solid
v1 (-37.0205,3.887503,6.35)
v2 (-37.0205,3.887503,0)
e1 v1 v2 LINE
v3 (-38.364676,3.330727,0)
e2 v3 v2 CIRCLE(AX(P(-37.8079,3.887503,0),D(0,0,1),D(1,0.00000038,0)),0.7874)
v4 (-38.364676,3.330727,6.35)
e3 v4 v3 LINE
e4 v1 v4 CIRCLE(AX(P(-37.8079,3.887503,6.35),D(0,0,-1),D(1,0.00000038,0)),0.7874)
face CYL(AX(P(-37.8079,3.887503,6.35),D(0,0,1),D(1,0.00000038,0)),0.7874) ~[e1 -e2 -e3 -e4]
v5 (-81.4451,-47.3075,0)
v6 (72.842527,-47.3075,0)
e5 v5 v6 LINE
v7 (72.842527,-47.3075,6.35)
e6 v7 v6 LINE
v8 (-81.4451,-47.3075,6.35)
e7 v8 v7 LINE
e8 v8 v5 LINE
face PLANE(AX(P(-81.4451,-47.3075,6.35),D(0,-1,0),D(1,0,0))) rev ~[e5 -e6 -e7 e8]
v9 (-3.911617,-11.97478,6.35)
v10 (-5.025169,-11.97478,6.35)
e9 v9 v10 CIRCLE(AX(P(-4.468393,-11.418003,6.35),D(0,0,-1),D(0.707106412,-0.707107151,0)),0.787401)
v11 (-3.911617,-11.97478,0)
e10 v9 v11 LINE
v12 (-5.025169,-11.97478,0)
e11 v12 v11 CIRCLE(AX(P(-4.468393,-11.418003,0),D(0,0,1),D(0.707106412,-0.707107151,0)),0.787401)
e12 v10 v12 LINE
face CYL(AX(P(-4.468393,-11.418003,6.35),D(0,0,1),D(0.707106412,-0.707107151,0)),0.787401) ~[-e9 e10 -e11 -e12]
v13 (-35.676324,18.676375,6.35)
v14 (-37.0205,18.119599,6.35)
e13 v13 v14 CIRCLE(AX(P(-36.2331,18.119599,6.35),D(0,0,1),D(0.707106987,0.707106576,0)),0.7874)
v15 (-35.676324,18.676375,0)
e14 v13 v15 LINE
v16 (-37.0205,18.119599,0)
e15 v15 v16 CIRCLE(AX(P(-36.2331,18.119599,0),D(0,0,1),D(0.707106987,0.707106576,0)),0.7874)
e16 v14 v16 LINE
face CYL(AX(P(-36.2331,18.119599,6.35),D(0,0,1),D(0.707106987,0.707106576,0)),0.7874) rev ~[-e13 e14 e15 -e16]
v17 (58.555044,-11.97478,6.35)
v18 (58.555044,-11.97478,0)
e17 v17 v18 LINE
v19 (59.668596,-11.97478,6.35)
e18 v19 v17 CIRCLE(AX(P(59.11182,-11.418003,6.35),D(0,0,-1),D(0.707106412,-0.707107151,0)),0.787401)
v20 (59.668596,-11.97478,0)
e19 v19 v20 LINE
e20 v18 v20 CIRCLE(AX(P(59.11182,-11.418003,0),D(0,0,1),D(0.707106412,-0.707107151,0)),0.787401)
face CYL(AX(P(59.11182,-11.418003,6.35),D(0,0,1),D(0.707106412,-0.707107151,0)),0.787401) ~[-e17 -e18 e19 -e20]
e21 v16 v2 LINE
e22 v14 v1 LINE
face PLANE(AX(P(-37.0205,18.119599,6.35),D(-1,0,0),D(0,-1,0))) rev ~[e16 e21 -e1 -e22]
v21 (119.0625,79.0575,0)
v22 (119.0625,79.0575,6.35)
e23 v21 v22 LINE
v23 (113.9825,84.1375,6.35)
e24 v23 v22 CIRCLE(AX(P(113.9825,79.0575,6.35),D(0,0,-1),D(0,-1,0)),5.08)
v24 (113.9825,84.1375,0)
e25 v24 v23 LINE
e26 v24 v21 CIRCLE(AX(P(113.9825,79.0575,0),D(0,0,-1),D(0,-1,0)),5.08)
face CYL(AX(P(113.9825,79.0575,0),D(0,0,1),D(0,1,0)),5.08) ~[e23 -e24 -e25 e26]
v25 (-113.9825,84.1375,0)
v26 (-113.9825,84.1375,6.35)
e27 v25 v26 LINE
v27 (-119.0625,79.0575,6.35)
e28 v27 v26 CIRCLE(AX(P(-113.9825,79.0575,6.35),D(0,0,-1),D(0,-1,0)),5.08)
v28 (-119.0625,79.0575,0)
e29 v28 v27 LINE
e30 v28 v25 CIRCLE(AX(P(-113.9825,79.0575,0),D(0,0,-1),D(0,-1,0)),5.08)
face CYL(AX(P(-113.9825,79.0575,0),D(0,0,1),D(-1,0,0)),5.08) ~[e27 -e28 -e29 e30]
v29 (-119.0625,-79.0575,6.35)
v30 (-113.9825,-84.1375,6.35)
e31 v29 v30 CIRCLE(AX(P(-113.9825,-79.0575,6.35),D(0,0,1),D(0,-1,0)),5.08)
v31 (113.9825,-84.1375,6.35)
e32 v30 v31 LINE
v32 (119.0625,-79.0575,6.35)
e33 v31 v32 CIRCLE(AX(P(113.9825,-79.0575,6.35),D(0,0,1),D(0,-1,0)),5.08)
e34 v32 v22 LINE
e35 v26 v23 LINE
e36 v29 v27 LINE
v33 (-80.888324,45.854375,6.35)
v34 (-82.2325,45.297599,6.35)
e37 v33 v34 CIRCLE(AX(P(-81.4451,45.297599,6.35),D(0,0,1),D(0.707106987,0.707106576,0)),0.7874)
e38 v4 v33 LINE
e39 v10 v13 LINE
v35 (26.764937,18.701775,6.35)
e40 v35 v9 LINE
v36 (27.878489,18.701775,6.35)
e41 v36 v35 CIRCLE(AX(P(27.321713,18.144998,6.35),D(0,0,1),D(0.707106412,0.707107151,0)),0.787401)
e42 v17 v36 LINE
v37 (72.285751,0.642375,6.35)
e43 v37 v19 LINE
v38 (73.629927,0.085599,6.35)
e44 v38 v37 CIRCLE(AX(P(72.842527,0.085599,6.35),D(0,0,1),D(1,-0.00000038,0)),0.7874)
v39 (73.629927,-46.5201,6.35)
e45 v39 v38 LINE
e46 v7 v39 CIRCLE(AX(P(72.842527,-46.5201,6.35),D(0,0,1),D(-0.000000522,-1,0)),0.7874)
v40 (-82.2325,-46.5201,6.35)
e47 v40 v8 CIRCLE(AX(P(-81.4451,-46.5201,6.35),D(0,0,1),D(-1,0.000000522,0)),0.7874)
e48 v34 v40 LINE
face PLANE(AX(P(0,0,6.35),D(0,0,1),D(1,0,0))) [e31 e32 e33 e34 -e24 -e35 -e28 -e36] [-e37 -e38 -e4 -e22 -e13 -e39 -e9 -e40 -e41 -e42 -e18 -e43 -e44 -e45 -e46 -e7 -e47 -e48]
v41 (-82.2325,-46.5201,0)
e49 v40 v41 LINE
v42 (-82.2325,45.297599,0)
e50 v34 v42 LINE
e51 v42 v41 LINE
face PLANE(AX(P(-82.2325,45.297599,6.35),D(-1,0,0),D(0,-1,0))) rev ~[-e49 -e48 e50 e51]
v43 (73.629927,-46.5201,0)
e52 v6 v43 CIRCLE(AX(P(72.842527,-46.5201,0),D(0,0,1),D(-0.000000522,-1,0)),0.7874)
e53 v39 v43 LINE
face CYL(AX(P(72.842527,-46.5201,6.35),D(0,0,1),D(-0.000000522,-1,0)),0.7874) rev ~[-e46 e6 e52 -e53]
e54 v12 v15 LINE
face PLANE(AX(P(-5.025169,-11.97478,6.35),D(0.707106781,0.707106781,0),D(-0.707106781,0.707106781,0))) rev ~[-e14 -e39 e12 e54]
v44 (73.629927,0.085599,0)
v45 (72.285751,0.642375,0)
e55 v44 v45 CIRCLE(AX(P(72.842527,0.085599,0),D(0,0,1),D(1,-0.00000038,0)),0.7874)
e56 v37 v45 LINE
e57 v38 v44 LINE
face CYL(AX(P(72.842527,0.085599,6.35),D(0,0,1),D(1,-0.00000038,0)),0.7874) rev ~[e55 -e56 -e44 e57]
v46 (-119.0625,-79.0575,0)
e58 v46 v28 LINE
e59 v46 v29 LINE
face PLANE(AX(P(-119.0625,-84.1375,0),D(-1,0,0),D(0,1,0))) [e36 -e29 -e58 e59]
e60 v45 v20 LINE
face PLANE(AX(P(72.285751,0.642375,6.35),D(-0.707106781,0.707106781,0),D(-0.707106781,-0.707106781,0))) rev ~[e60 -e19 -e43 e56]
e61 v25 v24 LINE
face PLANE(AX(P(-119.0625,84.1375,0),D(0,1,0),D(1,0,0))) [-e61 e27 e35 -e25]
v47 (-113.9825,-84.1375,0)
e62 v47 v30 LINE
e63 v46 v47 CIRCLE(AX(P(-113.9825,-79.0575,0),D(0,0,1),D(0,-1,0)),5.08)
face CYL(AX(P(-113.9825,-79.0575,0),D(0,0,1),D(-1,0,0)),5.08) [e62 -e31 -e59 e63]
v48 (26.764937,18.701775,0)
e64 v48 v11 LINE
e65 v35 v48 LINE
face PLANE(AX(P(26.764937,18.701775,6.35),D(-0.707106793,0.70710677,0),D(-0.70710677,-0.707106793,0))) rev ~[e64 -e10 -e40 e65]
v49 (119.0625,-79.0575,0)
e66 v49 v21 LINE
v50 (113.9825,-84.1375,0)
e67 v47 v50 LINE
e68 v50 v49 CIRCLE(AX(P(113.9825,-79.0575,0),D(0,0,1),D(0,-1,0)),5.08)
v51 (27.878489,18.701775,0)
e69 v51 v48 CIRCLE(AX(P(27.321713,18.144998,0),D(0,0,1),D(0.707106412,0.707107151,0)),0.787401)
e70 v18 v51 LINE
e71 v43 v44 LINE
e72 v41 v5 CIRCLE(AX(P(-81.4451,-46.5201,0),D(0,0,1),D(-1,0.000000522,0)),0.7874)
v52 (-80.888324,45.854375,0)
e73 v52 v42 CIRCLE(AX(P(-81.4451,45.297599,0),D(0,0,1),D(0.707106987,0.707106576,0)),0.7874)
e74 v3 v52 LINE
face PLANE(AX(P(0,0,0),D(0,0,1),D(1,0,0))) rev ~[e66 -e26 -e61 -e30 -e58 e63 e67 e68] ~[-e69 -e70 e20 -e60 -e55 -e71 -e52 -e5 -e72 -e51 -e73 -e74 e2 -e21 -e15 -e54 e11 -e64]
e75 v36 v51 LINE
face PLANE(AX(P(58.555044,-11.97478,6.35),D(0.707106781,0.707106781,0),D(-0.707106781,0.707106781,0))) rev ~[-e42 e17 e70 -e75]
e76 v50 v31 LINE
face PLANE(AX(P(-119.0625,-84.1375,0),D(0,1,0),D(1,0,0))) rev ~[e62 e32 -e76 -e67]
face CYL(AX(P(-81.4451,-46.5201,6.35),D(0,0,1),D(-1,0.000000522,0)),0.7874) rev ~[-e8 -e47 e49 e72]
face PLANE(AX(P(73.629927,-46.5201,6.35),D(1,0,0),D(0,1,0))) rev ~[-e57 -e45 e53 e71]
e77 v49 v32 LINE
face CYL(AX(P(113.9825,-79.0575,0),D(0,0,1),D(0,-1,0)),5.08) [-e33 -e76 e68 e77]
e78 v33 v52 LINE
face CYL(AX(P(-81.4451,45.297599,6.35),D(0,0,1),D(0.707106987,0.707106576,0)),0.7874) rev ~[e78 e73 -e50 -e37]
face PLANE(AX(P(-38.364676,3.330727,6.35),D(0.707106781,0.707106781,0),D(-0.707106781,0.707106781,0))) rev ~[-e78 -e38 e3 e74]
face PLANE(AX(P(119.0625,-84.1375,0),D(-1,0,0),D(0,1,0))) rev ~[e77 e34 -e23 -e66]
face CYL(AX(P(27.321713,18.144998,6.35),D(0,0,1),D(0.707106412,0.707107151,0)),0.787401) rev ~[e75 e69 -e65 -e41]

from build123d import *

# Parameters (mm, degrees)
F0_W     = 238.125
F0_H     = 168.275
F1_DEPTH = 6.35
F3_DEPTH = 25.4
F5_DEPTH = 25.4
F6_R     = 5.08


with BuildPart() as f1:
    # F0 (on Top) → F1 (new body)
    with BuildSketch(Plane.XY):
        Rectangle(F0_W, F0_H)
    extrude(amount=F1_DEPTH)

    # F2 (on face) → F3 (cut)
    with BuildSketch(Plane.XY.offset(6.35)):
        Polygon((-35.7505, -1.0795), (-80.9625, 44.1325), (-80.9625, -46.0375), (72.359927, -46.0375), (72.359927, -1.0795), (59.11182, -14.327607), (27.321713, 17.4625), (-4.468393, -14.327607), (-35.7505, 16.9545), align=None)
    extrude(amount=-F3_DEPTH, mode=Mode.SUBTRACT)

    # F4 (on face) → F5 (cut)
    with BuildSketch(Plane.XY.offset(6.35)):
        with BuildLine():
            ThreePointArc((-35.676324, 18.676375), (-36.534425, 18.847062), (-37.0205, 18.119599))
            Line((-37.0205, 18.119599), (-37.0205, 3.887503))
            ThreePointArc((-37.0205, 3.887503), (-37.506575, 3.16004), (-38.364676, 3.330727))
            Line((-38.364676, 3.330727), (-80.888324, 45.854375))
            ThreePointArc((-80.888324, 45.854375), (-81.746425, 46.025062), (-82.2325, 45.297599))
            Line((-82.2325, 45.297599), (-82.2325, -46.5201))
            ThreePointArc((-82.2325, -46.5201), (-82.001876, -47.076876), (-81.4451, -47.3075))
            Line((-81.4451, -47.3075), (72.842527, -47.3075))
            ThreePointArc((72.842527, -47.3075), (73.399303, -47.076876), (73.629927, -46.5201))
            Line((73.629927, -46.5201), (73.629927, 0.085599))
            ThreePointArc((73.629927, 0.085599), (73.143852, 0.813062), (72.285751, 0.642375))
            Line((72.285751, 0.642375), (59.668596, -11.97478))
            ThreePointArc((59.668596, -11.97478), (59.11182, -12.205404), (58.555044, -11.97478))
            Line((58.555044, -11.97478), (27.878489, 18.701775))
            ThreePointArc((27.878489, 18.701775), (27.321713, 18.932399), (26.764937, 18.701775))
            Line((26.764937, 18.701775), (-3.911617, -11.97478))
            ThreePointArc((-3.911617, -11.97478), (-4.468393, -12.205404), (-5.025169, -11.97478))
            Line((-5.025169, -11.97478), (-35.676324, 18.676375))
        make_face()
    extrude(amount=-F5_DEPTH, mode=Mode.SUBTRACT)

    # F6
    f6_edges = [f1.edges().sort_by_distance(p)[0] for p in [
        (119.0625, 84.1375, 3.175),
        (119.0625, -84.1375, 3.175),
        (-119.0625, 84.1375, 3.175),
        (-119.0625, -84.1375, 3.175),
    ]]
    fillet(f6_edges, radius=F6_R)


solid = f1.part
